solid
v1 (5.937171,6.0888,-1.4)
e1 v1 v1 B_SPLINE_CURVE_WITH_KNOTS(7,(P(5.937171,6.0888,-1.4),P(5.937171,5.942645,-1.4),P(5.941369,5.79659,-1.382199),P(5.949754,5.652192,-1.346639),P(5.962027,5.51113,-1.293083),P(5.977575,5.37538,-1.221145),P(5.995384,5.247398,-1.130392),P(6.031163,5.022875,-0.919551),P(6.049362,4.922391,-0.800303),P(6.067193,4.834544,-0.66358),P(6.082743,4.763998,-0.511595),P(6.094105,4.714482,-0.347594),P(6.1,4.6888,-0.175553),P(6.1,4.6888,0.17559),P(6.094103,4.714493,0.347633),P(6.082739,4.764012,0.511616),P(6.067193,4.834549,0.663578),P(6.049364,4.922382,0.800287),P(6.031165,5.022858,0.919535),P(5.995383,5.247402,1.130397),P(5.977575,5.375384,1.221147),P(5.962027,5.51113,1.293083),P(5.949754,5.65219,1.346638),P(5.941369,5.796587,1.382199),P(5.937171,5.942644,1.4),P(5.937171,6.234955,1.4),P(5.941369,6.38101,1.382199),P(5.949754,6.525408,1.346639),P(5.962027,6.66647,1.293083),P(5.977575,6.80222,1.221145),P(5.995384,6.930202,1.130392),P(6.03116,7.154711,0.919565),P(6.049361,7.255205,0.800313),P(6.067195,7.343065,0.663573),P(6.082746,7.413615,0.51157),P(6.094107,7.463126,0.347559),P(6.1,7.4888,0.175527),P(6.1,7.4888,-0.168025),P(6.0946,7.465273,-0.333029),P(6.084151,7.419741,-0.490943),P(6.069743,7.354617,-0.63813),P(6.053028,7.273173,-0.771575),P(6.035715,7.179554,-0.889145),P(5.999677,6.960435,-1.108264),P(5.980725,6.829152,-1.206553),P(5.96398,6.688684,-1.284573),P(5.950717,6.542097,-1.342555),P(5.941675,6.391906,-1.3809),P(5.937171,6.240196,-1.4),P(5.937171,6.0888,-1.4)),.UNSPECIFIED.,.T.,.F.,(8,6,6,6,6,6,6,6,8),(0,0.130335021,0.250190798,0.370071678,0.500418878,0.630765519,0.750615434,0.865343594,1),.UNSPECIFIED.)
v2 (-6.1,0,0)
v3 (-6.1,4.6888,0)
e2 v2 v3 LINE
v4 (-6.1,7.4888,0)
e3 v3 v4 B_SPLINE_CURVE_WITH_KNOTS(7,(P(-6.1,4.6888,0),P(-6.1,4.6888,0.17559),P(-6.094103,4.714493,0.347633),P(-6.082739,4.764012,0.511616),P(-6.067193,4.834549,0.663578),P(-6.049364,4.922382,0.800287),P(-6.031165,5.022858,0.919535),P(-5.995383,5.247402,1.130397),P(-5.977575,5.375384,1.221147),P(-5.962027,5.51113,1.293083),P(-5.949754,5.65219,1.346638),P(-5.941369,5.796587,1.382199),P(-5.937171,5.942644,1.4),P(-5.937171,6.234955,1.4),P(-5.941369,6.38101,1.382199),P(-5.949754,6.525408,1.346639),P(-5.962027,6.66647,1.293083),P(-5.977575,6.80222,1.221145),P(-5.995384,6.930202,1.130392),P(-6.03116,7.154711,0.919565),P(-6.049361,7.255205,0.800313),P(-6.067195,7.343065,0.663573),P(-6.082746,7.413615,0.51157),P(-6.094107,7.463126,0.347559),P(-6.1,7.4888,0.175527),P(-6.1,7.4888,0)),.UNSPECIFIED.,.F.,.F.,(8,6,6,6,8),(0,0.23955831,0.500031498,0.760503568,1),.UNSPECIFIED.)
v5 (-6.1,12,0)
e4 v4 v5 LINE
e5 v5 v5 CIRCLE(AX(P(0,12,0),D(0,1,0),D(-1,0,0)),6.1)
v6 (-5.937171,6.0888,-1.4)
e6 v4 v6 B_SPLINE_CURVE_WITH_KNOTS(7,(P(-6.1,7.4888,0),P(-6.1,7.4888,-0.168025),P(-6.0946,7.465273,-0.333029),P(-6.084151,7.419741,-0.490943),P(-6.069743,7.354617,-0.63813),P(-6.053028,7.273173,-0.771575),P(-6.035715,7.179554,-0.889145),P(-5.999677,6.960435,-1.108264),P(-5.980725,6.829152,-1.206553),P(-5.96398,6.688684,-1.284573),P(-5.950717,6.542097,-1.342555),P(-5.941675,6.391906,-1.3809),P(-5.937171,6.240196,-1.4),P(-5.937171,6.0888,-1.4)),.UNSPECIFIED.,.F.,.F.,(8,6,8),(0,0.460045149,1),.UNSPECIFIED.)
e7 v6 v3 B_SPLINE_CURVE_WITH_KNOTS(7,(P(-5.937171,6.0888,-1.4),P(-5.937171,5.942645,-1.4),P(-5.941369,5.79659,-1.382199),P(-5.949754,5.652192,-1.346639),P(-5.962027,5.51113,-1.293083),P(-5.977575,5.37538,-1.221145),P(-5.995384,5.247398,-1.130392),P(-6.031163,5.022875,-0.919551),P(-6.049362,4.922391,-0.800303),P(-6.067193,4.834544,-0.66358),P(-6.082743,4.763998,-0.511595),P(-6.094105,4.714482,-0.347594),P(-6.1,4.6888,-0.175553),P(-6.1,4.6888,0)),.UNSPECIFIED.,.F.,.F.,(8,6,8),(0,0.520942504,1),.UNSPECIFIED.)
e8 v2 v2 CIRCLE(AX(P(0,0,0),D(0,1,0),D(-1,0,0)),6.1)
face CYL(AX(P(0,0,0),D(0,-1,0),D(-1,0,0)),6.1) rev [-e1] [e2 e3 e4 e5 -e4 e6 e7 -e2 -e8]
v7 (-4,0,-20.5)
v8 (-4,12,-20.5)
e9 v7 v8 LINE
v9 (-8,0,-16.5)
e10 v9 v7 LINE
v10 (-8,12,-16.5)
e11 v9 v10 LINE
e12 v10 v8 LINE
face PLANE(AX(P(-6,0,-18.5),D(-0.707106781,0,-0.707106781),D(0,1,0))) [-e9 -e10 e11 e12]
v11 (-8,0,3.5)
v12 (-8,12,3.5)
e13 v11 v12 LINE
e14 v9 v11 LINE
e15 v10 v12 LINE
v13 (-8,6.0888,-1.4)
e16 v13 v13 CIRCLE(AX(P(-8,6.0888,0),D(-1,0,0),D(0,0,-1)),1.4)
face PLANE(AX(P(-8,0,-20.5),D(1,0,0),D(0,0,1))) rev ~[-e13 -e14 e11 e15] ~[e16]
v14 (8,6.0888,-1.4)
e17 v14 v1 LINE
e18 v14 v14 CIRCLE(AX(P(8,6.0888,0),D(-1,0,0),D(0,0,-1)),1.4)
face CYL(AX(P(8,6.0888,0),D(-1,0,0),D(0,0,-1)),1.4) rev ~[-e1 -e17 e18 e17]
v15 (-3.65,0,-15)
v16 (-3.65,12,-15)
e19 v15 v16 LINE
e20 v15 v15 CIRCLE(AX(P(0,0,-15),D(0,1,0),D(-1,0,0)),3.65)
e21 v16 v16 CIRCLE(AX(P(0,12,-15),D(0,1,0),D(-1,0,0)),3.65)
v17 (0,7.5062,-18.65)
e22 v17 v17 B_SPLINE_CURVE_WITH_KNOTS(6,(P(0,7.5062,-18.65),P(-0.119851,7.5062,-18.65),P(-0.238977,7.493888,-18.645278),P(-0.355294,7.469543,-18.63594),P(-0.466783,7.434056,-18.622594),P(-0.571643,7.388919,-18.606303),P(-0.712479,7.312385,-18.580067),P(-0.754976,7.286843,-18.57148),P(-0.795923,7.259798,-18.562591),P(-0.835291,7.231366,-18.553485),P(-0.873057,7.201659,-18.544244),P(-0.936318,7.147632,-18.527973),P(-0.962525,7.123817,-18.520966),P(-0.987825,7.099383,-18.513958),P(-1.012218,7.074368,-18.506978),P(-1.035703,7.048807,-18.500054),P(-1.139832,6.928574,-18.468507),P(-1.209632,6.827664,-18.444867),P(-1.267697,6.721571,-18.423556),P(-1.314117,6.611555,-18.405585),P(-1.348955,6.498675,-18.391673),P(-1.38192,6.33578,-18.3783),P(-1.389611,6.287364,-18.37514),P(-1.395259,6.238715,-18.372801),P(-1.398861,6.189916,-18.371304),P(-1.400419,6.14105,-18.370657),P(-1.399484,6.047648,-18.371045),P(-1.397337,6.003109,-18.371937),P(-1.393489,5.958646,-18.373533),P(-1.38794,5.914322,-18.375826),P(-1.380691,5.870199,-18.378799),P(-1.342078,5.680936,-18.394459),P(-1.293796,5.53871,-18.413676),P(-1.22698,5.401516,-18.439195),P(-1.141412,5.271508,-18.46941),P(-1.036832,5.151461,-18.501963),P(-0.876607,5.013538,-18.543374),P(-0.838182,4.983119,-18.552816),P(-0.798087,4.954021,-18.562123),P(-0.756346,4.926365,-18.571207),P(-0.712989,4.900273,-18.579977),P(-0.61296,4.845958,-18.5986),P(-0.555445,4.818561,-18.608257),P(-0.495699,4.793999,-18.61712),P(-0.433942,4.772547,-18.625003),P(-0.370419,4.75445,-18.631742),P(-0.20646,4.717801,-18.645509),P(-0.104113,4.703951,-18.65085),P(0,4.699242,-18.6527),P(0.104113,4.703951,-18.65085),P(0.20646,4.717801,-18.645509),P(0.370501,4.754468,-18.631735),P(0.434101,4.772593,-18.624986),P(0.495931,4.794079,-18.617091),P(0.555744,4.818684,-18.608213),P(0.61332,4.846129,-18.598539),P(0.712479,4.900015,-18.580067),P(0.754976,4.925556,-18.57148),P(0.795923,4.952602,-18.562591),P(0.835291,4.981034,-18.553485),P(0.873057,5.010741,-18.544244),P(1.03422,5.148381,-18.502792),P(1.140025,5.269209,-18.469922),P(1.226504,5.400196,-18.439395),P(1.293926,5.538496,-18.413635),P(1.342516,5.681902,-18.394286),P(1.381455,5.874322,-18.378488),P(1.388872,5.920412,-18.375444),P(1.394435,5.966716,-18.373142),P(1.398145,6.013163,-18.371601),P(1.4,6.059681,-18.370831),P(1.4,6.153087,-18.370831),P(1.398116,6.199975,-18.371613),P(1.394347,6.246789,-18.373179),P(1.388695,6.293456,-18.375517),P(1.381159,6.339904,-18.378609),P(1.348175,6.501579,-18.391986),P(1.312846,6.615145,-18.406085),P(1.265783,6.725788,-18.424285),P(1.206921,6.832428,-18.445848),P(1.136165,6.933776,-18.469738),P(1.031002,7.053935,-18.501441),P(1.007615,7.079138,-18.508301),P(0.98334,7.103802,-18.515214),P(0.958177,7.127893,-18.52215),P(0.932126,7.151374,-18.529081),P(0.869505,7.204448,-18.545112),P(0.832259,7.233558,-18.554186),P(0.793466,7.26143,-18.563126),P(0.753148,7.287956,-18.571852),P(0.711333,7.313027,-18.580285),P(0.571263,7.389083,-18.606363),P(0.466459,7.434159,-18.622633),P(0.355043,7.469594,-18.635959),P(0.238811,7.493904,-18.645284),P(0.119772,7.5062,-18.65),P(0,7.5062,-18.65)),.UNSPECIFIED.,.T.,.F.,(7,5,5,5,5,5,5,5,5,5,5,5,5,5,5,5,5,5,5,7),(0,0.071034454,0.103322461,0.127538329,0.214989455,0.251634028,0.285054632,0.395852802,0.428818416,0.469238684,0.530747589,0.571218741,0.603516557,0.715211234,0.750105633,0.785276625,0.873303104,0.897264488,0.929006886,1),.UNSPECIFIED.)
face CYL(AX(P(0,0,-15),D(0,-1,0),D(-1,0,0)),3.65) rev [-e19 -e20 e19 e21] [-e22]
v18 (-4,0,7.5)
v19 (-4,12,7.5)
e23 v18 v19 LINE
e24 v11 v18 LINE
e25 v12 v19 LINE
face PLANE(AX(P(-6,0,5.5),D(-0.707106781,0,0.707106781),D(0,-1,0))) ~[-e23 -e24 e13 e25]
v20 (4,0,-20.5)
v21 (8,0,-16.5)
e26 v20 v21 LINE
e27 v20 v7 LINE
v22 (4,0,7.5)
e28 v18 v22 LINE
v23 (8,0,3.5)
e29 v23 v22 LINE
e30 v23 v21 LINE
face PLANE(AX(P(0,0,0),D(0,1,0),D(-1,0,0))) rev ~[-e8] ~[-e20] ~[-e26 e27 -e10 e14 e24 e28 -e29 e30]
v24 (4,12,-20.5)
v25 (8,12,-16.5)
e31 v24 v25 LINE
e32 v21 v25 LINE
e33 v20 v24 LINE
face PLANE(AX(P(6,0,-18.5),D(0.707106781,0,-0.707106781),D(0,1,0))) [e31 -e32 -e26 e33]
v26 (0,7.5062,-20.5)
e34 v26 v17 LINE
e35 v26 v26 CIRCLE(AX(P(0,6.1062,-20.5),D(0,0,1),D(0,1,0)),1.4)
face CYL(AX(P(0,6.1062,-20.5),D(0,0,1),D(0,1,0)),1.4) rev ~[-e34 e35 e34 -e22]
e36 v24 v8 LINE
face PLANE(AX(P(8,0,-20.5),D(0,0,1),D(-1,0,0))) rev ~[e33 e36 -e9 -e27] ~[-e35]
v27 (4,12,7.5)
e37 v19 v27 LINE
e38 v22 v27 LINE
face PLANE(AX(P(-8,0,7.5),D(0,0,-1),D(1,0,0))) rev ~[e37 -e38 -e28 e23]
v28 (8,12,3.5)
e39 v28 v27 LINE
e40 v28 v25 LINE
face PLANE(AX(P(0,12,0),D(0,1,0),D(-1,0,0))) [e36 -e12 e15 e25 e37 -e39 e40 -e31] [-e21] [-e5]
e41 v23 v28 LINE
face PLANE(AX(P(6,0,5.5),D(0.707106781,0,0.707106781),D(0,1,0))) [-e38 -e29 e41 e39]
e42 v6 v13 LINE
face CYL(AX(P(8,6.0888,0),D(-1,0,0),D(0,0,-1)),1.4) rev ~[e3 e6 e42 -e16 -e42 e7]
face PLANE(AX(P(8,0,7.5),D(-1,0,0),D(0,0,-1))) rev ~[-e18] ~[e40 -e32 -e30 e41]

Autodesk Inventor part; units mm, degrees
ref_plane "YZ Plane" through (0, 0, 0) normal (1, 0, 0) x (0, 1, 0)
ref_plane "XZ Plane" through (0, 0, 0) normal (0, 1, 0) x (-1, 0, 0)
ref_plane "XY Plane" through (0, 0, 0) normal (0, 0, 1) x (1, 0, 0)
sketch "Sketch1" plane through (0, 0, 0) normal (0, 1, 0) x (-1, 0, 0)
  circle A0 centre (0, 0) radius 6.1
  circle A1 centre (0, -15) radius 3.65
  line L0 (8, 7.5) -> (-8, 7.5)
  line L1 (-8, 7.5) -> (-8, -20.5)
  line L2 (-8, -20.5) -> (8, -20.5)
  line L3 (8, -20.5) -> (8, 7.5)
  dimension "d0" = 12.2
  dimension "d1" = 7.3
  dimension "d2" = 15
  dimension "d3" = 16
  dimension "d4" = 8
  dimension "d5" = 28
  dimension "d6" = 5.5
extrude "Extrusion1" add sketch "Sketch1" along normal blind 12
chamfer "Chamfer1" distance 4 angle 45 4 edges at (8, 6, -20.5) (-8, 6, -20.5) (8, 6, 7.5) (-8, 6, 7.5)
sketch "Sketch3" plane through (8, 0, 3.5) normal (1, 0, 0) x (0, 0, -1)
  line L0 (-4, 12) -> (-4, 0) projected
  point P0 (3.5, 0)
  point P1 (3.5, 6.0888)
  dimension "d12" = 7.5
hole "Hole1" at (8, 6.0888, 0) direction (-1, 0, 0) diameter 2.8 depth 17.75
sketch "Sketch4" plane through (4, 0, -20.5) normal (0, 0, -1) x (-1, 0, 0)
  line L0 (8, 12) -> (8, 0) projected
  line L1 (0, 0) -> (8, 0) projected
  point P0 (4, 0)
  point P1 (4, 6.1062)
  dimension "d20" = 4
  dimension "d21" = 6.1062
hole "Hole2" at (0, 6.1062, -20.5) direction (0, 0, 1) diameter 2.8 depth 5
properties part number "Z axis collar"
